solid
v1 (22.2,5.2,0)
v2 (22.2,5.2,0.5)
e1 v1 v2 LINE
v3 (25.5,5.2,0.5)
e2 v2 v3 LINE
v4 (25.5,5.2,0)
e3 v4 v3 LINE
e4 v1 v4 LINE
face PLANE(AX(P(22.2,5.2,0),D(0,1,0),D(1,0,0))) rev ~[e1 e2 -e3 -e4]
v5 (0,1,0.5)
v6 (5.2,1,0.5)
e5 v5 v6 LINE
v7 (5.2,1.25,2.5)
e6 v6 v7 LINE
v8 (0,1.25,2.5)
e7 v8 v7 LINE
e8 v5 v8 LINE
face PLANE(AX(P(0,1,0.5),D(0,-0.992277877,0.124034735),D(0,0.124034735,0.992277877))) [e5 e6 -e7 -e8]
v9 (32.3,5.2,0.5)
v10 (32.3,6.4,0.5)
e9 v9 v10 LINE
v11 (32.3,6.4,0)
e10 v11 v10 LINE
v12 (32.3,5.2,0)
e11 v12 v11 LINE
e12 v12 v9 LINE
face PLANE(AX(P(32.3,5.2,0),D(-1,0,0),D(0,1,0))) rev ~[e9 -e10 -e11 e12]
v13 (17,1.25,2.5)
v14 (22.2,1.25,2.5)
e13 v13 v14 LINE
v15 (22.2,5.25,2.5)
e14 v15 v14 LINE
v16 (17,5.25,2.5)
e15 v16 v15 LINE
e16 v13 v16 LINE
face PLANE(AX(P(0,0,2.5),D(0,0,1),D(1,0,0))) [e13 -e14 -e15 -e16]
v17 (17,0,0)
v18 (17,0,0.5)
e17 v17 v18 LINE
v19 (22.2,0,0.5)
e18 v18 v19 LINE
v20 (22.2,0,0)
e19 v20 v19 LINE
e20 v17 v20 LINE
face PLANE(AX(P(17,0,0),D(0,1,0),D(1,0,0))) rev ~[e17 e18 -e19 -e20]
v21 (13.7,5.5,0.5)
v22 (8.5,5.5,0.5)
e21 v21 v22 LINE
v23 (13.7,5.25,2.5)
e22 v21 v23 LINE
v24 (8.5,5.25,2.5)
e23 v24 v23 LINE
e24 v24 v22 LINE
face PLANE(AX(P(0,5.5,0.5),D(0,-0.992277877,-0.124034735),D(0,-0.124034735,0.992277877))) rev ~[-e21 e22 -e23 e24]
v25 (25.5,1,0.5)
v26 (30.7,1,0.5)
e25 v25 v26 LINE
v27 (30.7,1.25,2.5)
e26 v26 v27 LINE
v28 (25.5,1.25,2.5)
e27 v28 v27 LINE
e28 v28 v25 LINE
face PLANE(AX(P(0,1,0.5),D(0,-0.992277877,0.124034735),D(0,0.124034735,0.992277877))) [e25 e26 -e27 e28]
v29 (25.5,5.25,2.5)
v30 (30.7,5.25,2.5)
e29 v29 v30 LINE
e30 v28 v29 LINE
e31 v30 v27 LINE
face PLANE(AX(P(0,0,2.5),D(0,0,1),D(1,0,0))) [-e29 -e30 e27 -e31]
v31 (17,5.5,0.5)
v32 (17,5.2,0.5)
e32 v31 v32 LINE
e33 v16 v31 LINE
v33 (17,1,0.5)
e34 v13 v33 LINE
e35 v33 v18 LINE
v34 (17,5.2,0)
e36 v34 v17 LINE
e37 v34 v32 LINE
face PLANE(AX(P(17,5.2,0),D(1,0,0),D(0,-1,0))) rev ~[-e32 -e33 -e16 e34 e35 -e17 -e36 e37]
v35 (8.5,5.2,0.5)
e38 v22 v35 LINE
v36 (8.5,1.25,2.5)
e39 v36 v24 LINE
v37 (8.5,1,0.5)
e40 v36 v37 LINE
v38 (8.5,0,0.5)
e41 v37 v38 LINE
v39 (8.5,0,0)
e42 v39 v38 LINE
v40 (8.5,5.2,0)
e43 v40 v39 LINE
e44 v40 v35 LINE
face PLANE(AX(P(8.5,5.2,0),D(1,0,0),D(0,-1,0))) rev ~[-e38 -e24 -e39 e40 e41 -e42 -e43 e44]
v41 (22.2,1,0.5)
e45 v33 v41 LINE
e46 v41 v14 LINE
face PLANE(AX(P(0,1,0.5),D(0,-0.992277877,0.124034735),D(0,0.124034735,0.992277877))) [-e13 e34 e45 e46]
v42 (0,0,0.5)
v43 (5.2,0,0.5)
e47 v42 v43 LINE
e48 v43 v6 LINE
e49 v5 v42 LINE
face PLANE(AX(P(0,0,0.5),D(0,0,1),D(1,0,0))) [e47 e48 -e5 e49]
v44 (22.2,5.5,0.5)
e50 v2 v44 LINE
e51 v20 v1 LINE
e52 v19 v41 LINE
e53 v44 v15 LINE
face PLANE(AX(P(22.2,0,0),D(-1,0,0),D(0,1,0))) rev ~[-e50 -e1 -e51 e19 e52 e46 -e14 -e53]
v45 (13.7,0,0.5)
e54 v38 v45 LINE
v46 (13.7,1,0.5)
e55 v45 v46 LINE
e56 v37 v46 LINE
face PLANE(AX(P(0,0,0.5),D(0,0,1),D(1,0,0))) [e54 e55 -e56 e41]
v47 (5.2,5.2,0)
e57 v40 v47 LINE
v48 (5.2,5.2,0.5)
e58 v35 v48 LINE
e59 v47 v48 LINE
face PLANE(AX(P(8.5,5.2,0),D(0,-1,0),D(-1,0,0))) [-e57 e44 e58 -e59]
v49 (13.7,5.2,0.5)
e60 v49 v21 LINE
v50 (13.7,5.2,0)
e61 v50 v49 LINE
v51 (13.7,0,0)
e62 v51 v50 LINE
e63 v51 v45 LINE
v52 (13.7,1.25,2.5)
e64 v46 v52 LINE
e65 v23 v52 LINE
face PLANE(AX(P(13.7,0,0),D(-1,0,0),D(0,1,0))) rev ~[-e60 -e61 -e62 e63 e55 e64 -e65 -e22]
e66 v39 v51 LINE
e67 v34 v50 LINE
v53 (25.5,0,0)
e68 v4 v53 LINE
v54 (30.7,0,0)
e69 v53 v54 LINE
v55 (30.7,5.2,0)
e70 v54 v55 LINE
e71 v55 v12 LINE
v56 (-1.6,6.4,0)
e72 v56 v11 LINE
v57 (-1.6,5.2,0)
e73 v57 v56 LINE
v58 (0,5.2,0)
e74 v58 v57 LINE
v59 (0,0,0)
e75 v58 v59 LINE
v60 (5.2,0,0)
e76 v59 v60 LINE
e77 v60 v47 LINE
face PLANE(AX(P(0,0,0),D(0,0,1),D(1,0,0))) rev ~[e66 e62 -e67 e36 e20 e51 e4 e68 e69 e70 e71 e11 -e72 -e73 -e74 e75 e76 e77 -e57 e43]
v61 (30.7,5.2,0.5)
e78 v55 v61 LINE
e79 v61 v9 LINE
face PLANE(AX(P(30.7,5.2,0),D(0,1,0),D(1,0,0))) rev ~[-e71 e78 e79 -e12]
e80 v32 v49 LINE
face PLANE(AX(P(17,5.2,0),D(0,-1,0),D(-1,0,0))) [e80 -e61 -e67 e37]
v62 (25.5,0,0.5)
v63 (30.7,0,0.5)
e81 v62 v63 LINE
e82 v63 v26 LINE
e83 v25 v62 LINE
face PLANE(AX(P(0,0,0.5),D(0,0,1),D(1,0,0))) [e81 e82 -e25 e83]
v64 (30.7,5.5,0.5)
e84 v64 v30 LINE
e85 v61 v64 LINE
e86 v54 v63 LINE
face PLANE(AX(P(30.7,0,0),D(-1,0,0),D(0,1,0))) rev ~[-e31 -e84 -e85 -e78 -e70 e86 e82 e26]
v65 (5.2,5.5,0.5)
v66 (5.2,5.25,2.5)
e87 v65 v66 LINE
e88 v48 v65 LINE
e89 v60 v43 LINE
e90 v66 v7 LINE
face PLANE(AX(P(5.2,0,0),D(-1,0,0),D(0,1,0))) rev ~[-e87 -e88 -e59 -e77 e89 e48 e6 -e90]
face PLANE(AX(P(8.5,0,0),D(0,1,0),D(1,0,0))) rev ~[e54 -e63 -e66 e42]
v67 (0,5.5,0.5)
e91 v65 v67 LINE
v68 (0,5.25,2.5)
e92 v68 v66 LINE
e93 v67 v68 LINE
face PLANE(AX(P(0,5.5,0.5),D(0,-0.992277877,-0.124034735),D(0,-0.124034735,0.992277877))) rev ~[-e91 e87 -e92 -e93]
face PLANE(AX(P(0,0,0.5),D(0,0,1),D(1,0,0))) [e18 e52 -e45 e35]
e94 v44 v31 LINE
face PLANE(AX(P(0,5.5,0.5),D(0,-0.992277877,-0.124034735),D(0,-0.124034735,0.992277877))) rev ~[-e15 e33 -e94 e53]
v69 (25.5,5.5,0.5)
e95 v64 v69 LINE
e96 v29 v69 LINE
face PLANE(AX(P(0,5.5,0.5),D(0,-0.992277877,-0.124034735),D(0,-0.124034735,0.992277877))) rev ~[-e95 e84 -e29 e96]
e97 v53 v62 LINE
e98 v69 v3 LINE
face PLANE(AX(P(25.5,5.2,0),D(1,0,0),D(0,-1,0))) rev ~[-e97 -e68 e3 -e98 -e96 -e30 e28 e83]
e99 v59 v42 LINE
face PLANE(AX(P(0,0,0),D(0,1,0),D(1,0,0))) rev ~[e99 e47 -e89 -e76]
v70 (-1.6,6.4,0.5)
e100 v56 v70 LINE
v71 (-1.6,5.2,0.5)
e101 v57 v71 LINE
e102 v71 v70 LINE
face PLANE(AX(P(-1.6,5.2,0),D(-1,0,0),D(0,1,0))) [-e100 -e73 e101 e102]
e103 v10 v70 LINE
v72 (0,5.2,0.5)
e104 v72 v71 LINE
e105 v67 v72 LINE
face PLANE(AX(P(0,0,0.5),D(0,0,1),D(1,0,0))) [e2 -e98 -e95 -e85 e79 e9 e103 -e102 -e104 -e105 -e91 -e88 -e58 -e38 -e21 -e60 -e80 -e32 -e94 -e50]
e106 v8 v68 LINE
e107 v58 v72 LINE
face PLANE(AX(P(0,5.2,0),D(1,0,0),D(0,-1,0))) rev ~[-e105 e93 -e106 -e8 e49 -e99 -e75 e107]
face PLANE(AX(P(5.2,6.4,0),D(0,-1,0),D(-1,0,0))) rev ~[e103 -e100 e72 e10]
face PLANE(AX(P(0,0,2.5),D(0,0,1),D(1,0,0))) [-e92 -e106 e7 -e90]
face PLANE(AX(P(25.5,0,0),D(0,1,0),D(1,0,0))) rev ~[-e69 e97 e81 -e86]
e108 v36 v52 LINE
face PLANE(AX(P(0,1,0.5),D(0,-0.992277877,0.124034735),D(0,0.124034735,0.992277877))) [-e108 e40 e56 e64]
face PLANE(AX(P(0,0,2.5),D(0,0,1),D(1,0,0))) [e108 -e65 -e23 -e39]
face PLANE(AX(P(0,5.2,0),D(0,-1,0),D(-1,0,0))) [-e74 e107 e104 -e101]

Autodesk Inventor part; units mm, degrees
ref_plane "YZ Plane" through (0, 0, 0) normal (1, 0, 0) x (0, 1, 0)
ref_plane "XZ Plane" through (0, 0, 0) normal (0, 1, 0) x (-1, 0, 0)
ref_plane "XY Plane" through (0, 0, 0) normal (0, 0, 1) x (1, 0, 0)
sketch "Эскиз1" plane through (0, 0, 0) normal (0, 0, 1) x (1, 0, 0)
  line L0 (0, 0) -> (5.2, 0)
  line L1 (5.2, 0) -> (5.2, 6.4)
  line L2 (5.2, 6.4) -> (0, 6.4)
  line L3 (0, 6.4) -> (0, 0)
  line L4 (8.5, 0) -> (13.7, 0)
  line L5 (13.7, 0) -> (13.7, 6.4)
  line L6 (13.7, 6.4) -> (8.5, 6.4)
  line L7 (8.5, 6.4) -> (8.5, 0)
  line L8 (17, 0) -> (22.2, 0)
  line L9 (22.2, 0) -> (22.2, 6.4)
  line L10 (22.2, 6.4) -> (17, 6.4)
  line L11 (17, 6.4) -> (17, 0)
  line L12 (25.5, 0) -> (30.7, 0)
  line L13 (30.7, 0) -> (30.7, 6.4)
  line L14 (30.7, 6.4) -> (25.5, 6.4)
  line L15 (25.5, 6.4) -> (25.5, 0)
  line L16 (5.2, 6.4) -> (8.5, 6.4)
  line L17 (13.7, 6.4) -> (17, 6.4)
  line L18 (22.2, 6.4) -> (25.5, 6.4)
  line L19 (22.2, 5.2) -> (25.5, 5.2)
  line L20 (17, 5.2) -> (13.7, 5.2)
  line L21 (8.5, 5.2) -> (5.2, 5.2)
  line L22 (0, 5.2) -> (-1.6, 5.2)
  line L23 (-1.6, 5.2) -> (-1.6, 6.4)
  line L24 (-1.6, 6.4) -> (0, 6.4)
  line L25 (0, 6.4) -> (0, 5.2)
  line L26 (30.7, 5.2) -> (32.3, 5.2)
  line L27 (32.3, 5.2) -> (32.3, 6.4)
  line L28 (32.3, 6.4) -> (30.7, 6.4)
  line L29 (30.7, 6.4) -> (30.7, 5.2)
  point P0 (0, 6.4)
  dimension "d0" = 5.2
  dimension "d1" = 6.4
  dimension "d4" = 8.5
  dimension "d9" = 1.2
  dimension "d10" = 1.6
extrude "Выдавливание1" add sketch "Эскиз1" along normal blind 0.5
sketch "Эскиз2" plane through (0, 0, 0.5) normal (0, 0, 1) x (1, 0, 0)
  line L0 (0, 5.2) -> (0, 0) projected
  line L1 (5.2, 0) -> (5.2, 5.2) projected
  line L2 (0, 1) -> (5.2, 1)
  line L3 (5.2, 1) -> (5.2, 5.5)
  line L4 (5.2, 5.5) -> (0, 5.5)
  line L5 (0, 5.5) -> (0, 1)
  line L6 (8.5, 5.2) -> (8.5, 0) projected
  line L7 (13.7, 0) -> (13.7, 5.2) projected
  line L8 (8.5, 1) -> (13.7, 1)
  line L9 (13.7, 1) -> (13.7, 5.5)
  line L10 (13.7, 5.5) -> (8.5, 5.5)
  line L11 (8.5, 5.5) -> (8.5, 1)
  line L12 (17, 5.2) -> (17, 0) projected
  line L13 (22.2, 0) -> (22.2, 5.2) projected
  line L14 (17, 1) -> (22.2, 1)
  line L15 (22.2, 1) -> (22.2, 5.5)
  line L16 (22.2, 5.5) -> (17, 5.5)
  line L17 (17, 5.5) -> (17, 1)
  line L18 (25.5, 5.2) -> (25.5, 0) projected
  line L19 (30.7, 0) -> (30.7, 5.2) projected
  line L20 (25.5, 1) -> (30.7, 1)
  line L21 (30.7, 1) -> (30.7, 5.5)
  line L22 (30.7, 5.5) -> (25.5, 5.5)
  line L23 (25.5, 5.5) -> (25.5, 1)
  line L24 (0, 0) -> (5.2, 0) projected
  point P0 (25.5, 5)
  point P1 (17, 5)
  point P2 (8.5, 5)
  point P3 (0, 5)
  dimension "d13" = 1
  dimension "d14" = 4.5
extrude "Выдавливание2" add sketch "Эскиз2" along normal blind 2 contours L5 L4 L3 L1 L2 L0 | L11 L10 L9 L7 L8 L6 | L17 L16 L15 L13 L14 L12 | L23 L22 L21 L19 L20 L18
sketch "Эскиз3" plane through (0, 0, 0) normal (-1, 0, 0) x (0, 0, 1)
  line L0 (0.5, 1) -> (2.5, 1.25)
  line L1 (0, 5.2) -> (0, 0) projected
  line L2 (0, 0) -> (0.5, 0) projected
  line L3 (0.5, 1) -> (0.5, 0) projected
  line L4 (0.5, 1) -> (2.5, 1) projected
  line L5 (2.5, 5.5) -> (2.5, 1) projected
  line L6 (0.5, 5.2) -> (0.5, 5.5) projected
  line L7 (0, 5.2) -> (0.5, 5.2) projected
  line L8 (0.5, 1) -> (2.5, 1)
  line L9 (0.5, 5.5) -> (2.5, 5.5)
  line L10 (0.5, 5.5) -> (2.5, 5.25)
  line L11 (2.5, 1) -> (2.5, 5.5) projected
  line L12 (2.5, 1.25) -> (2.5, 1)
  line L13 (0.5, 5.5) -> (2.5, 5.5) projected
  line L14 (0.5, 6.4) -> (0.5, 5.2) projected
  line L15 (2.5, 5.5) -> (2.5, 1) projected
  line L16 (2.5, 5.25) -> (2.5, 5.5)
  point P0 (2, 5.8)
  point P1 (2, 5.6739)
  point P2 (2, 5.8)
  dimension "d18" = 4
extrude "Выдавливание3" cut sketch "Эскиз3" against normal through all contours L0 L5 L4 | L10 L9 L5
properties part number "Buttons"
